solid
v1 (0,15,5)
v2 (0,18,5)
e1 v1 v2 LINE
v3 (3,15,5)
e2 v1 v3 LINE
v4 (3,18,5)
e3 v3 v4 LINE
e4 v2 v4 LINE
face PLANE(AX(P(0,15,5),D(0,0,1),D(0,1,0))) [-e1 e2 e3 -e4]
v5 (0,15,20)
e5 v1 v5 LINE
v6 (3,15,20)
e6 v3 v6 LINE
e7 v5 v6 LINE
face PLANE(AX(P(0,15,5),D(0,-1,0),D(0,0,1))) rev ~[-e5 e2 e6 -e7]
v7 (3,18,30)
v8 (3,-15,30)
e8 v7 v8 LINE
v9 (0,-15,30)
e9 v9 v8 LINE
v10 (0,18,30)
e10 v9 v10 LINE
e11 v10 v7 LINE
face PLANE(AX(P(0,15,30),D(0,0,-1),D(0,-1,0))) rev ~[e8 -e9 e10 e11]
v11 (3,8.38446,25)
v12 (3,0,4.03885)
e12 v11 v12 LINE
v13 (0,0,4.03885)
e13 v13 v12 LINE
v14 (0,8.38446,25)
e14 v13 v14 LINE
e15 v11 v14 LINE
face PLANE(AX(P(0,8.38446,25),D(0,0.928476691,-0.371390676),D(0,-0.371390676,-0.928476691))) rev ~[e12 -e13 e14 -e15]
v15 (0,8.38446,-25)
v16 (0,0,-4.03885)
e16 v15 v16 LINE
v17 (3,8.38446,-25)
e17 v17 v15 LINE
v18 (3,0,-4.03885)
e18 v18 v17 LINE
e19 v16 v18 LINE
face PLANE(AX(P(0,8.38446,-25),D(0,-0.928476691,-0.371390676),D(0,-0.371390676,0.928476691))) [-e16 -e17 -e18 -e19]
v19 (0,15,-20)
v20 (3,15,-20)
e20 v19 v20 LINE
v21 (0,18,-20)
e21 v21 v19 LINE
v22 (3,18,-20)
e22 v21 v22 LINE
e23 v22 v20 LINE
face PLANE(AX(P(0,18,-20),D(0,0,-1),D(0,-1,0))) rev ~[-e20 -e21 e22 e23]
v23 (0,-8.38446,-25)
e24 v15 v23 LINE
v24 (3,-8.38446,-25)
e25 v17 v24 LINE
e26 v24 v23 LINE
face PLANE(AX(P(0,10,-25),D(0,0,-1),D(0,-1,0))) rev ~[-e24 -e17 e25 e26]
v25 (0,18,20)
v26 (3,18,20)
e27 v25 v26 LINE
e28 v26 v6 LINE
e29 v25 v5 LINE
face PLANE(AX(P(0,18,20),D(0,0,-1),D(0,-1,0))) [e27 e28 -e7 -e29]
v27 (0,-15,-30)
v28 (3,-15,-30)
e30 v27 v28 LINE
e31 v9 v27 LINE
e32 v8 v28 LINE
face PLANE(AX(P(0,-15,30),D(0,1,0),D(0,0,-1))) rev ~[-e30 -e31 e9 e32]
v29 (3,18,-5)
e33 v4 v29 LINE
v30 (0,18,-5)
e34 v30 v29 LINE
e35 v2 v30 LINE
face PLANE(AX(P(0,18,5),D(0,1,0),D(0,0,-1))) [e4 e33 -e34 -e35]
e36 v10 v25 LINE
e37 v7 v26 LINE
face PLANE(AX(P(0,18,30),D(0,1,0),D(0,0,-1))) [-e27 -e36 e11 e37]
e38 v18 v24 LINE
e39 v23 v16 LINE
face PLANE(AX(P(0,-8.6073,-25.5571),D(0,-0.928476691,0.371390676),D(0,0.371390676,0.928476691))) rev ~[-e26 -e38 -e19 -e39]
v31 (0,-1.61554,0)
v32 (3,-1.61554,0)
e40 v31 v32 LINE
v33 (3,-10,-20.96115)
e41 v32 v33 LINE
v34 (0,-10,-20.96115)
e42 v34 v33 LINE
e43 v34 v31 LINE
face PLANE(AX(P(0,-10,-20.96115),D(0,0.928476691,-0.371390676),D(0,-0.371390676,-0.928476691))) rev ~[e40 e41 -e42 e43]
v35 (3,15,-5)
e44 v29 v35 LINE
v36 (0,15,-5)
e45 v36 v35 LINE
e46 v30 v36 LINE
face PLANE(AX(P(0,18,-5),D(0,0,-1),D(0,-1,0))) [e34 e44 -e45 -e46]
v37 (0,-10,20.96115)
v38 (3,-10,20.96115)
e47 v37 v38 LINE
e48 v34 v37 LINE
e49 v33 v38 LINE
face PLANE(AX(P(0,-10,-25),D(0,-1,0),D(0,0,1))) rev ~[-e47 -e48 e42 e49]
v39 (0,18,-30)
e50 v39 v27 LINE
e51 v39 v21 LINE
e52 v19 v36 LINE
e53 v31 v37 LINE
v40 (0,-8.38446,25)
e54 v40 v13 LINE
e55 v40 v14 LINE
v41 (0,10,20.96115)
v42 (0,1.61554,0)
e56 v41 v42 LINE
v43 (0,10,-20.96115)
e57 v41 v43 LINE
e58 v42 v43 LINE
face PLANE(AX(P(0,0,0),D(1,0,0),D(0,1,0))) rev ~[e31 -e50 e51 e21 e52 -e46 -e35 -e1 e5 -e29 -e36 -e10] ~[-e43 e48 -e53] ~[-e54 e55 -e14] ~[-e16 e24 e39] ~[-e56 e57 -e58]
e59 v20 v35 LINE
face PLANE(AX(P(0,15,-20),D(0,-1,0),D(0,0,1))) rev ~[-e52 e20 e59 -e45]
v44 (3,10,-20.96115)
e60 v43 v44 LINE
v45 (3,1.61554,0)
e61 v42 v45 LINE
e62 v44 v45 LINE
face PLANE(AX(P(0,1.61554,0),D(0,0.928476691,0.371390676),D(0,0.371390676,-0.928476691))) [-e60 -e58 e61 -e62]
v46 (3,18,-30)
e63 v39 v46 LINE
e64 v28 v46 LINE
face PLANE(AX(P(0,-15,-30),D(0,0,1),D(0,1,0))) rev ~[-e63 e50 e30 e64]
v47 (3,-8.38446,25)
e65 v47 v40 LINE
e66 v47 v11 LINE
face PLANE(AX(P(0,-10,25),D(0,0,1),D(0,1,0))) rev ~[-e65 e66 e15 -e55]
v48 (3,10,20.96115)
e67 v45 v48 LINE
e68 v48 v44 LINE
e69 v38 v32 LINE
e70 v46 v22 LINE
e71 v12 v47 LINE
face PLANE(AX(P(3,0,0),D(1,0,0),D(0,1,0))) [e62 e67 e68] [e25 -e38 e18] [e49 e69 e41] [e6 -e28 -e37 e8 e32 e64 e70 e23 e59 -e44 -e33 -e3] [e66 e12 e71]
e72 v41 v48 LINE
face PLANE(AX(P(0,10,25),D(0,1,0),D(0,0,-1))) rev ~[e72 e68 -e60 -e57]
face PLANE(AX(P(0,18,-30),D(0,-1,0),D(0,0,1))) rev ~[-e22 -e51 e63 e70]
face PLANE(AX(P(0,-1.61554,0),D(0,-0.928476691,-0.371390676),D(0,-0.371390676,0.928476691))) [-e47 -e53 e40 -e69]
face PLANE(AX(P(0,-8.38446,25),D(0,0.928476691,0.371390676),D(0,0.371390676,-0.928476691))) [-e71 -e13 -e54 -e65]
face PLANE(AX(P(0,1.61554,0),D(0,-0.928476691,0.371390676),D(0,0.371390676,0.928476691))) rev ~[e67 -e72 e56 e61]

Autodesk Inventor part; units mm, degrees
ref_plane "YZ Plane" through (0, 0, 0) normal (1, 0, 0) x (0, 1, 0)
ref_plane "XZ Plane" through (0, 0, 0) normal (0, 1, 0) x (-1, 0, 0)
ref_plane "XY Plane" through (0, 0, 0) normal (0, 0, 1) x (1, 0, 0)
sketch "Sketch1" plane through (0, 0, 0) normal (1, 0, 0) x (0, 1, 0)
  line L0 (15, 30) -> (-15, 30)
  line L1 (-15, 30) -> (-15, -30)
  line L2 (-15, -30) -> (15, -30)
  line L3 (15, -30) -> (15, 30)
  line L4 (15, 30) -> (-15, -30) construction
  line L5 (-15, 30) -> (15, -30) construction
  line L6 (15, 30) -> (18, 30)
  line L7 (18, 30) -> (18, 20)
  line L8 (18, 20) -> (15, 20)
  line L9 (15, 20) -> (15, 30)
  line L10 (15, -30) -> (18, -30)
  line L11 (18, -30) -> (18, -20)
  line L12 (18, -20) -> (15, -20)
  line L13 (15, -20) -> (15, -30)
  line L14 (15, 5) -> (18, 5)
  line L15 (18, 5) -> (18, -5)
  line L16 (18, -5) -> (15, -5)
  line L17 (15, -5) -> (15, 5)
  point P0 (0, 0)
  point P1 (18, 0)
  point P2 (0, 0)
  dimension "d0" = 30
  dimension "d1" = 60
  dimension "d2" = 3
  dimension "d3" = 10
  dimension "d4" = 3
  dimension "d5" = 10
  dimension "d6" = 3
  dimension "d7" = 10
extrude "Extrusion1" add sketch "Sketch1" along normal blind 3
sketch "Sketch2" plane through (0, 0, 0) normal (-1, 0, 0) x (0, 0, 1)
  line L0 (25, 10) -> (-25, 10)
  line L1 (-25, 10) -> (-25, -10)
  line L2 (-25, -10) -> (25, -10)
  line L3 (25, -10) -> (25, 10)
  line L4 (25, 10) -> (-25, -10) construction
  line L5 (-25, 10) -> (25, -10) construction
  line L6 (30, -15) -> (-30, -15) projected
  line L7 (-30, -15) -> (-30, 18) projected
  point P0 (0, 0)
  dimension "d10" = 5
  dimension "d11" = 5
extrude "Extrusion2" cut sketch "Sketch2" against normal blind 3
sketch "Sketch3" plane through (0, 0, 0) normal (-1, 0, 0) x (0, 0, 1)
  line L0 (-25, -10) -> (-25, 10) projected
  line L1 (-25, 10) -> (25, 10) projected
  line L2 (25, 10) -> (25, -10) projected
  line L3 (25, -10) -> (-25, -10) projected
  line L4 (-30, -15) -> (-30, 18) projected
  line L5 (30, -15) -> (-30, -15) projected
  line L6 (30, 18) -> (30, -15) projected
  line L7 (20, 18) -> (30, 18) projected
  line L8 (20, 15) -> (20, 18) projected
  line L9 (5, 15) -> (20, 15) projected
  line L10 (5, 18) -> (5, 15) projected
  line L11 (-5, 18) -> (5, 18) projected
  line L12 (-5, 15) -> (-5, 18) projected
  line L13 (-20, 15) -> (-5, 15) projected
  line L14 (-20, 18) -> (-20, 15) projected
  line L15 (-30, 18) -> (-20, 18) projected
  line L16 (25.5571, 8.6073) -> (-24.4429, -11.3927)
  line L17 (-24.4429, -11.3927) -> (-25.5571, -8.6073)
  line L18 (-25.5571, -8.6073) -> (24.4429, 11.3927)
  line L19 (24.4429, 11.3927) -> (25.5571, 8.6073)
  line L20 (25.5571, 8.6073) -> (-25.5571, -8.6073) construction
  line L21 (-24.4429, -11.3927) -> (24.4429, 11.3927) construction
  line L22 (-25.5571, 8.6073) -> (24.4429, -11.3927)
  line L23 (24.4429, -11.3927) -> (25.5571, -8.6073)
  line L24 (25.5571, -8.6073) -> (-24.4429, 11.3927)
  line L25 (-24.4429, 11.3927) -> (-25.5571, 8.6073)
  line L26 (-25.5571, 8.6073) -> (25.5571, -8.6073) construction
  line L27 (24.4429, -11.3927) -> (-24.4429, 11.3927) construction
  point P0 (0, 0)
  dimension "d14" = 3
  dimension "d15" = 3
extrude "Extrusion3" add sketch "Sketch3" against normal blind 3 contours L17 L18 L0 | L0 L18 L22 L16 L3 | L3 L16 L17 | L22 L25 L0 | L0 L1 L24 L18 L22 | L18 L24 L16 L22 | L22 L16 L24 L2 L3 | L3 L23 L22 | L25 L24 L1 | L18 L1 L2 L16 L24 | L2 L24 L23 | L18 L19 L1 | L2 L19 L16
properties part number "Back Plate"
